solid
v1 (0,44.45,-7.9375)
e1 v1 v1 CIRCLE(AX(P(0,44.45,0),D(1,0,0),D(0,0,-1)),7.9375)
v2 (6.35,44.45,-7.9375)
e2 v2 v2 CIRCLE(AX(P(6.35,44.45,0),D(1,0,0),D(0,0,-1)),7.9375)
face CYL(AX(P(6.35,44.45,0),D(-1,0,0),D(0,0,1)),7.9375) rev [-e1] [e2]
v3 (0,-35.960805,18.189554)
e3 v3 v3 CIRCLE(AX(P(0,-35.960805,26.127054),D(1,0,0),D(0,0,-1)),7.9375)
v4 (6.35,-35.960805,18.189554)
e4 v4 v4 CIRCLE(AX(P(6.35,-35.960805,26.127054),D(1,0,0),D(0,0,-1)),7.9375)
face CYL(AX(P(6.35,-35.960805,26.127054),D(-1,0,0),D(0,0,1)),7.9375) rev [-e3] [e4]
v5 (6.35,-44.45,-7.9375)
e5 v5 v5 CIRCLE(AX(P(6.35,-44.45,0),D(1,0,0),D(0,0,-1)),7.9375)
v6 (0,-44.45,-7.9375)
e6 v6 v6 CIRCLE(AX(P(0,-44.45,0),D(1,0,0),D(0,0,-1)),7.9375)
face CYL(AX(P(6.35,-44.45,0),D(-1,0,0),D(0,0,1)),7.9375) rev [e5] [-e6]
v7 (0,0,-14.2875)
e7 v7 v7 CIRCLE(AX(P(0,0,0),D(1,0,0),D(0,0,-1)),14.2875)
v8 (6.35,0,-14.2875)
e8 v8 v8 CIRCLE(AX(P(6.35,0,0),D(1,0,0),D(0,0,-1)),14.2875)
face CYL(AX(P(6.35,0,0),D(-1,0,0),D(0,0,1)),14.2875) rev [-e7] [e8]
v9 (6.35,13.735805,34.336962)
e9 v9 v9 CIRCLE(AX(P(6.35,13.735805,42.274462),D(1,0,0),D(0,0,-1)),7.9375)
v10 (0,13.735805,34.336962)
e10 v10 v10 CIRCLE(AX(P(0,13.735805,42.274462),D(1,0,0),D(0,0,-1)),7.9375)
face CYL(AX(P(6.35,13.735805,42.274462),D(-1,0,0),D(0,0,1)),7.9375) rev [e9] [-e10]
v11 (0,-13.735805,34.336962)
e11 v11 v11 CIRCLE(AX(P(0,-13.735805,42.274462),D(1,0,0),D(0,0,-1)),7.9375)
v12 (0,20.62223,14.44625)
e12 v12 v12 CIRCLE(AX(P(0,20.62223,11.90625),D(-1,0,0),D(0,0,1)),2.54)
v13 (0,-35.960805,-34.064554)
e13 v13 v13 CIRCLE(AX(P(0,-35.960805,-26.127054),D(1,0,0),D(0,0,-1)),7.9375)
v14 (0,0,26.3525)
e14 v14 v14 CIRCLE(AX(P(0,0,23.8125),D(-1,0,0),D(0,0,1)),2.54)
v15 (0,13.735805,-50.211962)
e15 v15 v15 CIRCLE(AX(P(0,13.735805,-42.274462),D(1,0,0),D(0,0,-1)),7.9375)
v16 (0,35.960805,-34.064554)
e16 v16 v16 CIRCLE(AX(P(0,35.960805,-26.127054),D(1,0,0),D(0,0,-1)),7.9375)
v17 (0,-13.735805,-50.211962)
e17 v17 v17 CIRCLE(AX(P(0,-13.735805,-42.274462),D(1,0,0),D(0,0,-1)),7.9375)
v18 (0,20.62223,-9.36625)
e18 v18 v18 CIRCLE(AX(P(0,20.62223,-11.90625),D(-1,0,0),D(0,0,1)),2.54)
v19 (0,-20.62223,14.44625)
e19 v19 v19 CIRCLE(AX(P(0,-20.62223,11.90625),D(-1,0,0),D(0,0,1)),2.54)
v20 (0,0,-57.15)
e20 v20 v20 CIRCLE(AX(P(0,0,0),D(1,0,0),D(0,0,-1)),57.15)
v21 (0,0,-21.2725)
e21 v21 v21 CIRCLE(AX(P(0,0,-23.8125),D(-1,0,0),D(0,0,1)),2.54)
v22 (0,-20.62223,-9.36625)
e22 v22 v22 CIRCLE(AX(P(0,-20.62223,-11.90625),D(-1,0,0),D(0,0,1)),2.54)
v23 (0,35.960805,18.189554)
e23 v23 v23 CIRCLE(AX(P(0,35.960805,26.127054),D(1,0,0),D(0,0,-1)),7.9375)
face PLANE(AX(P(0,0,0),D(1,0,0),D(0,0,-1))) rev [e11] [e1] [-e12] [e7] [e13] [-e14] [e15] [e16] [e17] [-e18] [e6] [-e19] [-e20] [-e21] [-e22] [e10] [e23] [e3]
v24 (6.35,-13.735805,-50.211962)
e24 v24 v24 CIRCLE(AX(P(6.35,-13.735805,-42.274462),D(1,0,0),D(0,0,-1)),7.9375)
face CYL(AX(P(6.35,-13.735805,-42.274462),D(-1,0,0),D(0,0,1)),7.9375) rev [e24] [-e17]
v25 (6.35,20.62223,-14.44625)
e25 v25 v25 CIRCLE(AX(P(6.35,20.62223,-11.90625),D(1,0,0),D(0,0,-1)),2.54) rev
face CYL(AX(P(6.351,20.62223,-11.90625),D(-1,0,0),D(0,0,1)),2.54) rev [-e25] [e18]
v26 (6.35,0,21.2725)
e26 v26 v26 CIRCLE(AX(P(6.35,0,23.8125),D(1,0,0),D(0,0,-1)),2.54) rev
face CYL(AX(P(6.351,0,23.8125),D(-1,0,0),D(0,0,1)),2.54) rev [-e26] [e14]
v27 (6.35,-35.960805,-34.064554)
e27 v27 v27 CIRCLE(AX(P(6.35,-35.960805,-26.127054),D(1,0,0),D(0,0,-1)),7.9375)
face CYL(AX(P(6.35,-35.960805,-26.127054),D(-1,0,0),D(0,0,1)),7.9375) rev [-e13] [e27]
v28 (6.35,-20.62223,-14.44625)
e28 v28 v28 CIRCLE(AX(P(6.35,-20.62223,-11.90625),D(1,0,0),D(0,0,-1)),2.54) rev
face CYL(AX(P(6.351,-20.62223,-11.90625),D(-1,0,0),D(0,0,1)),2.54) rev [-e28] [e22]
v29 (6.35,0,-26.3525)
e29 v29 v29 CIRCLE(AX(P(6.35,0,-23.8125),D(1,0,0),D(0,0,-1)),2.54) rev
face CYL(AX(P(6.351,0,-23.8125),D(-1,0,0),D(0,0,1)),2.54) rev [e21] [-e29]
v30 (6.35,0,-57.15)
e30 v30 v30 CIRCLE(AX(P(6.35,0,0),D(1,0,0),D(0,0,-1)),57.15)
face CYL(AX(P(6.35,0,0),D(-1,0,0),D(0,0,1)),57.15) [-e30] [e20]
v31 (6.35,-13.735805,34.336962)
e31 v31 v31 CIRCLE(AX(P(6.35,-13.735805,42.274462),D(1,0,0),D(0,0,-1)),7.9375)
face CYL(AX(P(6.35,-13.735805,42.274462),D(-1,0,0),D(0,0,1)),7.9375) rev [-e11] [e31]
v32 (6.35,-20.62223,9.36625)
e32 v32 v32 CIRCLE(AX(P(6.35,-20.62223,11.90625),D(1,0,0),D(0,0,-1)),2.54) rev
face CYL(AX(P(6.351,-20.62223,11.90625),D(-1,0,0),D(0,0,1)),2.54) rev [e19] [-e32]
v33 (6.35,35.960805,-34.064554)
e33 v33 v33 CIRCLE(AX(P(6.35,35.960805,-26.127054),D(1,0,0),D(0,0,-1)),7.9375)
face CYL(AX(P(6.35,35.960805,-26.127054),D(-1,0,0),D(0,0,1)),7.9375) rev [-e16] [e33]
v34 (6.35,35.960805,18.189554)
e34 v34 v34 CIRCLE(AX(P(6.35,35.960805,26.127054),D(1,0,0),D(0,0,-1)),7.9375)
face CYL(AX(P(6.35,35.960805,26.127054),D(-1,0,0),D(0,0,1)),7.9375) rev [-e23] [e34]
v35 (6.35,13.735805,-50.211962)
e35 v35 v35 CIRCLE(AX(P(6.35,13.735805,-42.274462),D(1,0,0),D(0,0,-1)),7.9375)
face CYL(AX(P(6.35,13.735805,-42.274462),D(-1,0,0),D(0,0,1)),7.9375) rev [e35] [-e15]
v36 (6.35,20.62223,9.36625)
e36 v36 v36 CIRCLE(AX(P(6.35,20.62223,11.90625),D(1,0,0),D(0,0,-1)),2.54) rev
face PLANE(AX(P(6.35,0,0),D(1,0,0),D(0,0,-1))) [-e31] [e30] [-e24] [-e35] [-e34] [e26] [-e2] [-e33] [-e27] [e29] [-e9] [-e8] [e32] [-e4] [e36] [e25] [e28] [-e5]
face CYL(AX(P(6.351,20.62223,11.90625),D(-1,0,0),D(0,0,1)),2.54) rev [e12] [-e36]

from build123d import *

# Parameters (mm, degrees)
SKETCH1_R           = 57.15
SKETCH1_R_2         = 14.2875
SKETCH1_R_3         = 7.9375
BOSS_EXTRUDE1_DEPTH = 6.35
CUT_EXTRUDE1_REACH  = 8.35
SKETCH4_R           = 2.54


with BuildPart() as part:
    # Sketch1 → Boss-Extrude1 (new body)
    with BuildSketch(Plane(origin=(0, 0, 0), x_dir=(0, 0, -1), z_dir=(1, 0, 0))):
        Circle(SKETCH1_R)
        Circle(SKETCH1_R_2, mode=Mode.SUBTRACT)
        with Locations((0, 44.45)):
            Circle(SKETCH1_R_3, mode=Mode.SUBTRACT)
        with Locations((26.127054464, 35.9608054)):
            Circle(SKETCH1_R_3, mode=Mode.SUBTRACT)
        with Locations((42.274462149, 13.7358054)):
            Circle(SKETCH1_R_3, mode=Mode.SUBTRACT)
        with Locations((42.274462149, -13.7358054)):
            Circle(SKETCH1_R_3, mode=Mode.SUBTRACT)
        with Locations((26.127054464, -35.9608054)):
            Circle(SKETCH1_R_3, mode=Mode.SUBTRACT)
        with Locations((0, -44.45)):
            Circle(SKETCH1_R_3, mode=Mode.SUBTRACT)
        with Locations((-26.127054464, -35.9608054)):
            Circle(SKETCH1_R_3, mode=Mode.SUBTRACT)
        with Locations((-42.274462149, -13.7358054)):
            Circle(SKETCH1_R_3, mode=Mode.SUBTRACT)
        with Locations((-42.274462149, 13.7358054)):
            Circle(SKETCH1_R_3, mode=Mode.SUBTRACT)
        with Locations((-26.127054464, 35.9608054)):
            Circle(SKETCH1_R_3, mode=Mode.SUBTRACT)
    extrude(amount=BOSS_EXTRUDE1_DEPTH)

    # Sketch4 → Cut-Extrude1 (cut, up to next)
    with BuildSketch(Plane.ZY, mode=Mode.PRIVATE) as cut_extrude1_sk1:
        with Locations((-11.90625, -20.622229928)):
            Circle(SKETCH4_R)
    cut_extrude1_tool1 = extrude(cut_extrude1_sk1.sketch, amount=-CUT_EXTRUDE1_REACH, mode=Mode.PRIVATE) & part.part
    add(cut_extrude1_tool1.solids().sort_by_distance((0, -20.62223, -11.90625))[0], mode=Mode.SUBTRACT)
    # Sketch4 → Cut-Extrude1 (cut, up to next)
    with BuildSketch(Plane.ZY, mode=Mode.PRIVATE) as cut_extrude1_sk2:
        with Locations((-23.8125, 0)):
            Circle(SKETCH4_R)
    cut_extrude1_tool2 = extrude(cut_extrude1_sk2.sketch, amount=-CUT_EXTRUDE1_REACH, mode=Mode.PRIVATE) & part.part
    add(cut_extrude1_tool2.solids().sort_by_distance((0, 0, -23.8125))[0], mode=Mode.SUBTRACT)
    # Sketch4 → Cut-Extrude1 (cut, up to next)
    with BuildSketch(Plane.ZY, mode=Mode.PRIVATE) as cut_extrude1_sk3:
        with Locations((-11.90625, 20.622229928)):
            Circle(SKETCH4_R)
    cut_extrude1_tool3 = extrude(cut_extrude1_sk3.sketch, amount=-CUT_EXTRUDE1_REACH, mode=Mode.PRIVATE) & part.part
    add(cut_extrude1_tool3.solids().sort_by_distance((0, 20.62223, -11.90625))[0], mode=Mode.SUBTRACT)
    # Sketch4 → Cut-Extrude1 (cut, up to next)
    with BuildSketch(Plane.ZY, mode=Mode.PRIVATE) as cut_extrude1_sk4:
        with Locations((11.90625, 20.622229928)):
            Circle(SKETCH4_R)
    cut_extrude1_tool4 = extrude(cut_extrude1_sk4.sketch, amount=-CUT_EXTRUDE1_REACH, mode=Mode.PRIVATE) & part.part
    add(cut_extrude1_tool4.solids().sort_by_distance((0, 20.62223, 11.90625))[0], mode=Mode.SUBTRACT)
    # Sketch4 → Cut-Extrude1 (cut, up to next)
    with BuildSketch(Plane.ZY, mode=Mode.PRIVATE) as cut_extrude1_sk5:
        with Locations((23.8125, 0)):
            Circle(SKETCH4_R)
    cut_extrude1_tool5 = extrude(cut_extrude1_sk5.sketch, amount=-CUT_EXTRUDE1_REACH, mode=Mode.PRIVATE) & part.part
    add(cut_extrude1_tool5.solids().sort_by_distance((0, 0, 23.8125))[0], mode=Mode.SUBTRACT)
    # Sketch4 → Cut-Extrude1 (cut, up to next)
    with BuildSketch(Plane.ZY, mode=Mode.PRIVATE) as cut_extrude1_sk6:
        with Locations((11.90625, -20.622229928)):
            Circle(SKETCH4_R)
    cut_extrude1_tool6 = extrude(cut_extrude1_sk6.sketch, amount=-CUT_EXTRUDE1_REACH, mode=Mode.PRIVATE) & part.part
    add(cut_extrude1_tool6.solids().sort_by_distance((0, -20.62223, 11.90625))[0], mode=Mode.SUBTRACT)


solid = part.part
